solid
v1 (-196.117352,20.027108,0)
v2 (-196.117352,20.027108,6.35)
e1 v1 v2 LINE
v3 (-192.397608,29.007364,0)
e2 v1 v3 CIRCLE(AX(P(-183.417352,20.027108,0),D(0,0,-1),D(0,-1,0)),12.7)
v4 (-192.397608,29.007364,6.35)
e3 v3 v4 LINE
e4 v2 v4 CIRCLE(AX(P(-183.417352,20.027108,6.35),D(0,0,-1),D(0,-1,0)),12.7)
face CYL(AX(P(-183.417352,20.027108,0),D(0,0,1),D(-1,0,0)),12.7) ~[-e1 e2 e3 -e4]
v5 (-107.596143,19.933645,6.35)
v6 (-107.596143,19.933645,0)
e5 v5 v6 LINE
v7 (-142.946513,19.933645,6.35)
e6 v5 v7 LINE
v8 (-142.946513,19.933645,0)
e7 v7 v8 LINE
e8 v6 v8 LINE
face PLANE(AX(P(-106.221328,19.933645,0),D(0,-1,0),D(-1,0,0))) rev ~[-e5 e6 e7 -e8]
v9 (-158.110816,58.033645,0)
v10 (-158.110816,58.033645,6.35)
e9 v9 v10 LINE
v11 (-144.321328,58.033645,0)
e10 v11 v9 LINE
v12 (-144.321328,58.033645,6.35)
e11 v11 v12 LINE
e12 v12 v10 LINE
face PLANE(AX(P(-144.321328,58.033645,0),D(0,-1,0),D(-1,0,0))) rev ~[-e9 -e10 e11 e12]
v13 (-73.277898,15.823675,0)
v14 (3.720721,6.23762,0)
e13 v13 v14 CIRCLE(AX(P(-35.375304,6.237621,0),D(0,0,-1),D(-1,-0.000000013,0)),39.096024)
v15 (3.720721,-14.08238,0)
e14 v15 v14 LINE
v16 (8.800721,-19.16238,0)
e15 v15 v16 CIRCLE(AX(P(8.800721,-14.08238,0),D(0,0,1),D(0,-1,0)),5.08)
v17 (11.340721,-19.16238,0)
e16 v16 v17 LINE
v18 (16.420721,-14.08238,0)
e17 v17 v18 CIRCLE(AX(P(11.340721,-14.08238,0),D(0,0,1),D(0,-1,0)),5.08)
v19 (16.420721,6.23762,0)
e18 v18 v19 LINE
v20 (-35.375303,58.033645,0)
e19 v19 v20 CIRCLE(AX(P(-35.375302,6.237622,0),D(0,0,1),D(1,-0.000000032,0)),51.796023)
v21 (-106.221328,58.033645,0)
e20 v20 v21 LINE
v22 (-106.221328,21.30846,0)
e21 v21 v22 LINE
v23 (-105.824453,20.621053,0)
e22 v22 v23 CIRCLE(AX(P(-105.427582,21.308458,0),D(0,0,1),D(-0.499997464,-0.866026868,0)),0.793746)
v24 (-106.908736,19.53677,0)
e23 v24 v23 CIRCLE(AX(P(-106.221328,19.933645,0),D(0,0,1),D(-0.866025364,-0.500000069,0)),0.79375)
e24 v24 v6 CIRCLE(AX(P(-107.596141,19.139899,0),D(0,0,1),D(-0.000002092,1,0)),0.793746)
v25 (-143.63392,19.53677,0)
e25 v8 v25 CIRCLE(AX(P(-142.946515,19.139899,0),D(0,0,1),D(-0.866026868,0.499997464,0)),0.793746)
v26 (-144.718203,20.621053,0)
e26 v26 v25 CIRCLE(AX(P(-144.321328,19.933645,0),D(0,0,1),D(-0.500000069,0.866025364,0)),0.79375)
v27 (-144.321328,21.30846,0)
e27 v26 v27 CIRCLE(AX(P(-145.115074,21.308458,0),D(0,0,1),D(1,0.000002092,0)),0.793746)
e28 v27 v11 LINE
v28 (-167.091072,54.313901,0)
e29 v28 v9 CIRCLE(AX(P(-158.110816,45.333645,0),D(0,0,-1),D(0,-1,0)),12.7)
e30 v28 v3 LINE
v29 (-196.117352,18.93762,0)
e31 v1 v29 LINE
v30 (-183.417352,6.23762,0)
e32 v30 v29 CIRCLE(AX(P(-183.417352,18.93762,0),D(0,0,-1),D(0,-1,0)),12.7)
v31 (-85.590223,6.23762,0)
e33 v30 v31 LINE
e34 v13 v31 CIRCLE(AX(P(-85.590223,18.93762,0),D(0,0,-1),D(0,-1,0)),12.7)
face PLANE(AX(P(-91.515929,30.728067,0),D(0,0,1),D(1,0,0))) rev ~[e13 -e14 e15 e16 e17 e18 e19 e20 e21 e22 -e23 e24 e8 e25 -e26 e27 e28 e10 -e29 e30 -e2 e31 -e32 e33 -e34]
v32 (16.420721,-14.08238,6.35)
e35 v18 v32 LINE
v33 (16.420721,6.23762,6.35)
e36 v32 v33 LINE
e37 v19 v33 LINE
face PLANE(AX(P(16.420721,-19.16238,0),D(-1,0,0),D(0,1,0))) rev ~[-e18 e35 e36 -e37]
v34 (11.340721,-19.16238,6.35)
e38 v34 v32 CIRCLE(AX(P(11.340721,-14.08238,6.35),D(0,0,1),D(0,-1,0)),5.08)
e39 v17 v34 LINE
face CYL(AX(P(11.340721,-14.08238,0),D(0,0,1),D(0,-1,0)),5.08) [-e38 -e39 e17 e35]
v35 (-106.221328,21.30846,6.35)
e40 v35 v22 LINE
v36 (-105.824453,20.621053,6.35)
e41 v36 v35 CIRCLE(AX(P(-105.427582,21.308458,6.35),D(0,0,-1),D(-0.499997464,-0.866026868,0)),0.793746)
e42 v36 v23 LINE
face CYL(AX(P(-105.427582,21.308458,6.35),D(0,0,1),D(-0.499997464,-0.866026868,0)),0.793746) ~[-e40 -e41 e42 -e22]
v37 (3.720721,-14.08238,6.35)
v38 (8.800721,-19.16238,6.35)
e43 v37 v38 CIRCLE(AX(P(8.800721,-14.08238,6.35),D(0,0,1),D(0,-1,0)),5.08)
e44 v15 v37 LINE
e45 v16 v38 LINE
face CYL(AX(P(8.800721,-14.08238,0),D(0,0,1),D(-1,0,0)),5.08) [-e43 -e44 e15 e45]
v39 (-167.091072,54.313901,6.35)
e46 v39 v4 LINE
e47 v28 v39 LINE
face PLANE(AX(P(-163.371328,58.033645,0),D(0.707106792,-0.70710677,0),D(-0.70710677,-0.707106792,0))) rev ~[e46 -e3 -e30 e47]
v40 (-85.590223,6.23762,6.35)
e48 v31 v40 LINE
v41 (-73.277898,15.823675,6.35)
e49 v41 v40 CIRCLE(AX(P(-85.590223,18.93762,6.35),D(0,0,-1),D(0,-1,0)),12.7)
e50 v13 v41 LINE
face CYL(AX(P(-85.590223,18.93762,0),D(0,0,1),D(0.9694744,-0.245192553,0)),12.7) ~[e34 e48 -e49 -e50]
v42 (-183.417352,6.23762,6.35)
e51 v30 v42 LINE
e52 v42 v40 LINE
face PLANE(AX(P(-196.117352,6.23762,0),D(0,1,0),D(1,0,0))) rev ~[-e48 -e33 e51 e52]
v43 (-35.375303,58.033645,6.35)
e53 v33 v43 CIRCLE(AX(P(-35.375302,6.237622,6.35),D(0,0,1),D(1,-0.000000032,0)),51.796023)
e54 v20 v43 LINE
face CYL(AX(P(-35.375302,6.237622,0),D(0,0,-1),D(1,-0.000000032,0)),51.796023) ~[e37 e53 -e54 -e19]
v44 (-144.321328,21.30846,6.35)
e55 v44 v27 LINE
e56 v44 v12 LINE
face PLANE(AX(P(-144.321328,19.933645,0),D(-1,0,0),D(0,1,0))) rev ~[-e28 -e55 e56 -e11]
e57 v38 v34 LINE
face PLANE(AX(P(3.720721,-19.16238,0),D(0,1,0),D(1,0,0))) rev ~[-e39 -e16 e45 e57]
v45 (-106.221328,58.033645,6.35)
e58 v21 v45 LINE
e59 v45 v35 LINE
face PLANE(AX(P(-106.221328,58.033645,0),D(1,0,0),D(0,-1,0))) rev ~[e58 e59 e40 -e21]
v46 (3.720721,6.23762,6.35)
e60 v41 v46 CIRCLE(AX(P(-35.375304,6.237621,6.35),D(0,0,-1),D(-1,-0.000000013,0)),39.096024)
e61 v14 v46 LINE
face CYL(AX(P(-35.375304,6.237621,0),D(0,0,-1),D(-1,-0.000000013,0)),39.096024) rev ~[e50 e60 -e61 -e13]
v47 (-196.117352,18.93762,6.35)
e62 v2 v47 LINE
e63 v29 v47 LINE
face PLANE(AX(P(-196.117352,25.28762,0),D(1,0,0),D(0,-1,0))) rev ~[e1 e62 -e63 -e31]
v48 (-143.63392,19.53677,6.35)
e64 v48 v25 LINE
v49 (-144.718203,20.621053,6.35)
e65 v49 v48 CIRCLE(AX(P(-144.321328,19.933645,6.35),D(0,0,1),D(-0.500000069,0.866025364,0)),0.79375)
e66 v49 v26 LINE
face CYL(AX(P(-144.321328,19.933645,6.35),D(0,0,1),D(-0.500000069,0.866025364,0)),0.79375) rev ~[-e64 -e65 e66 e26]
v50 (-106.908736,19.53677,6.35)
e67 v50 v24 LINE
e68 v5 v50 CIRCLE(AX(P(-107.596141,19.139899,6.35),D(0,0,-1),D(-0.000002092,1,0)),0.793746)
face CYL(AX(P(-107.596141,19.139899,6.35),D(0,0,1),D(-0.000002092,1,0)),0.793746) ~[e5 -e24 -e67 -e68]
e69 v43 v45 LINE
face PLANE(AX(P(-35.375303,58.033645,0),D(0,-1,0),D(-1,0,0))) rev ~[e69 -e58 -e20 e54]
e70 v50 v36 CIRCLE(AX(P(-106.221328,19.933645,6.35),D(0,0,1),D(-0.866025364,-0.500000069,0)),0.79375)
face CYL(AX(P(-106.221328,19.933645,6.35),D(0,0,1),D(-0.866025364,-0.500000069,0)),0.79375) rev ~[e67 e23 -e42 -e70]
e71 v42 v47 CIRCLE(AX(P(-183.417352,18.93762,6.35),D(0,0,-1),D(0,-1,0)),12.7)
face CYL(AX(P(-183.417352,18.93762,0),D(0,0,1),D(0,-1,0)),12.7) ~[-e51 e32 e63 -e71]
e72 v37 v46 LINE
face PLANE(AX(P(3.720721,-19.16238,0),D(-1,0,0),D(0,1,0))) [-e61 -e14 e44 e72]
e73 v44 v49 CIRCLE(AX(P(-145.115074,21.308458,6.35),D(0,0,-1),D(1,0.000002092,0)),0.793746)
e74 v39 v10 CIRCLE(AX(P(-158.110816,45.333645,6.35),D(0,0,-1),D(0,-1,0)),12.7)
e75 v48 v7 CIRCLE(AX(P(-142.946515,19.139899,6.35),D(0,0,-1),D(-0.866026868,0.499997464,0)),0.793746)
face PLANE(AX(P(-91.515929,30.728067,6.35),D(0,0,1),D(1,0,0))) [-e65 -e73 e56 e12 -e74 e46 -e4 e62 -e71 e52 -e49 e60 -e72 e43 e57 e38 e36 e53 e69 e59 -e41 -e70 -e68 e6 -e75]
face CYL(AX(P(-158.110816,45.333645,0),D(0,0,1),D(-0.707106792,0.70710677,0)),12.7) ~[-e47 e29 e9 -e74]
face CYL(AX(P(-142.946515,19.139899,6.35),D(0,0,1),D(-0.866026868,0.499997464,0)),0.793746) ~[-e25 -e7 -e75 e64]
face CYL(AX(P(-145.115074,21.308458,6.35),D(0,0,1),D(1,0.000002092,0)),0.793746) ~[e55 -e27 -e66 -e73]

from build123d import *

# Parameters (mm, degrees)
F0_W     = 12.7
F0_H     = 25.4
F1_DEPTH = 6.35
F2_R     = 5.08
F3_R     = 12.7
F5_DEPTH = 6.351


with BuildPart() as f1:
    # F0 (on Top) → F1 (new body)
    with BuildSketch(Plane.XY):
        with BuildLine():
            Line((-87.171328, 6.23762), (-74.471328, 6.23762))
            ThreePointArc((-74.471328, 6.23762), (-35.375303, 45.333645), (3.720721, 6.23762))
            Line((3.720721, 6.23762), (16.420721, 6.23762))
            ThreePointArc((16.420721, 6.23762), (1.250017, 42.862941), (-35.375303, 58.033645))
            Line((-35.375303, 58.033645), (-106.221328, 58.033645))
            Line((-106.221328, 58.033645), (-106.221328, 19.933645))
            Line((-106.221328, 19.933645), (-144.321328, 19.933645))
            Line((-144.321328, 19.933645), (-144.321328, 58.033645))
            Line((-144.321328, 58.033645), (-163.371328, 58.033645))
            Line((-163.371328, 58.033645), (-196.117352, 25.28762))
            Line((-196.117352, 25.28762), (-196.117352, 6.23762))
            Line((-196.117352, 6.23762), (-87.171328, 6.23762))
        make_face()
        with Locations((10.070721, -6.46238)):
            Rectangle(F0_W, F0_H)
    extrude(amount=F1_DEPTH)

    # F2
    f2_edges = [f1.edges().sort_by_distance(p)[0] for p in [
        (16.420721, -19.16238, 3.175),
        (3.720721, -19.16238, 3.175),
    ]]
    fillet(f2_edges, radius=F2_R)

    # F3
    f3_edges = [f1.edges().sort_by_distance(p)[0] for p in [
        (-74.471328, 6.23762, 3.175),
        (-196.117352, 25.28762, 3.175),
        (-163.371328, 58.033645, 3.175),
        (-196.117352, 6.23762, 3.175),
    ]]
    fillet(f3_edges, radius=F3_R)

    # F4 (on face) → F5 (cut, through all)
    with BuildSketch(Plane.XY.offset(6.35)):
        with BuildLine():
            ThreePointArc((-144.321328, 21.30846), (-144.42767, 20.911585), (-144.718203, 20.621053))
            ThreePointArc((-144.718203, 20.621053), (-144.882594, 19.372379), (-143.63392, 19.53677))
            ThreePointArc((-143.63392, 19.53677), (-143.343388, 19.827303), (-142.946513, 19.933645))
            Line((-142.946513, 19.933645), (-144.321328, 21.30846))
        make_face()
        with BuildLine():
            ThreePointArc((-105.824453, 20.621053), (-106.114986, 20.911585), (-106.221328, 21.30846))
            Line((-106.221328, 21.30846), (-107.596143, 19.933645))
            ThreePointArc((-107.596143, 19.933645), (-107.199268, 19.827303), (-106.908736, 19.53677))
            ThreePointArc((-106.908736, 19.53677), (-105.660062, 19.372379), (-105.824453, 20.621053))
        make_face()
    extrude(amount=-F5_DEPTH, mode=Mode.SUBTRACT)


solid = f1.part
